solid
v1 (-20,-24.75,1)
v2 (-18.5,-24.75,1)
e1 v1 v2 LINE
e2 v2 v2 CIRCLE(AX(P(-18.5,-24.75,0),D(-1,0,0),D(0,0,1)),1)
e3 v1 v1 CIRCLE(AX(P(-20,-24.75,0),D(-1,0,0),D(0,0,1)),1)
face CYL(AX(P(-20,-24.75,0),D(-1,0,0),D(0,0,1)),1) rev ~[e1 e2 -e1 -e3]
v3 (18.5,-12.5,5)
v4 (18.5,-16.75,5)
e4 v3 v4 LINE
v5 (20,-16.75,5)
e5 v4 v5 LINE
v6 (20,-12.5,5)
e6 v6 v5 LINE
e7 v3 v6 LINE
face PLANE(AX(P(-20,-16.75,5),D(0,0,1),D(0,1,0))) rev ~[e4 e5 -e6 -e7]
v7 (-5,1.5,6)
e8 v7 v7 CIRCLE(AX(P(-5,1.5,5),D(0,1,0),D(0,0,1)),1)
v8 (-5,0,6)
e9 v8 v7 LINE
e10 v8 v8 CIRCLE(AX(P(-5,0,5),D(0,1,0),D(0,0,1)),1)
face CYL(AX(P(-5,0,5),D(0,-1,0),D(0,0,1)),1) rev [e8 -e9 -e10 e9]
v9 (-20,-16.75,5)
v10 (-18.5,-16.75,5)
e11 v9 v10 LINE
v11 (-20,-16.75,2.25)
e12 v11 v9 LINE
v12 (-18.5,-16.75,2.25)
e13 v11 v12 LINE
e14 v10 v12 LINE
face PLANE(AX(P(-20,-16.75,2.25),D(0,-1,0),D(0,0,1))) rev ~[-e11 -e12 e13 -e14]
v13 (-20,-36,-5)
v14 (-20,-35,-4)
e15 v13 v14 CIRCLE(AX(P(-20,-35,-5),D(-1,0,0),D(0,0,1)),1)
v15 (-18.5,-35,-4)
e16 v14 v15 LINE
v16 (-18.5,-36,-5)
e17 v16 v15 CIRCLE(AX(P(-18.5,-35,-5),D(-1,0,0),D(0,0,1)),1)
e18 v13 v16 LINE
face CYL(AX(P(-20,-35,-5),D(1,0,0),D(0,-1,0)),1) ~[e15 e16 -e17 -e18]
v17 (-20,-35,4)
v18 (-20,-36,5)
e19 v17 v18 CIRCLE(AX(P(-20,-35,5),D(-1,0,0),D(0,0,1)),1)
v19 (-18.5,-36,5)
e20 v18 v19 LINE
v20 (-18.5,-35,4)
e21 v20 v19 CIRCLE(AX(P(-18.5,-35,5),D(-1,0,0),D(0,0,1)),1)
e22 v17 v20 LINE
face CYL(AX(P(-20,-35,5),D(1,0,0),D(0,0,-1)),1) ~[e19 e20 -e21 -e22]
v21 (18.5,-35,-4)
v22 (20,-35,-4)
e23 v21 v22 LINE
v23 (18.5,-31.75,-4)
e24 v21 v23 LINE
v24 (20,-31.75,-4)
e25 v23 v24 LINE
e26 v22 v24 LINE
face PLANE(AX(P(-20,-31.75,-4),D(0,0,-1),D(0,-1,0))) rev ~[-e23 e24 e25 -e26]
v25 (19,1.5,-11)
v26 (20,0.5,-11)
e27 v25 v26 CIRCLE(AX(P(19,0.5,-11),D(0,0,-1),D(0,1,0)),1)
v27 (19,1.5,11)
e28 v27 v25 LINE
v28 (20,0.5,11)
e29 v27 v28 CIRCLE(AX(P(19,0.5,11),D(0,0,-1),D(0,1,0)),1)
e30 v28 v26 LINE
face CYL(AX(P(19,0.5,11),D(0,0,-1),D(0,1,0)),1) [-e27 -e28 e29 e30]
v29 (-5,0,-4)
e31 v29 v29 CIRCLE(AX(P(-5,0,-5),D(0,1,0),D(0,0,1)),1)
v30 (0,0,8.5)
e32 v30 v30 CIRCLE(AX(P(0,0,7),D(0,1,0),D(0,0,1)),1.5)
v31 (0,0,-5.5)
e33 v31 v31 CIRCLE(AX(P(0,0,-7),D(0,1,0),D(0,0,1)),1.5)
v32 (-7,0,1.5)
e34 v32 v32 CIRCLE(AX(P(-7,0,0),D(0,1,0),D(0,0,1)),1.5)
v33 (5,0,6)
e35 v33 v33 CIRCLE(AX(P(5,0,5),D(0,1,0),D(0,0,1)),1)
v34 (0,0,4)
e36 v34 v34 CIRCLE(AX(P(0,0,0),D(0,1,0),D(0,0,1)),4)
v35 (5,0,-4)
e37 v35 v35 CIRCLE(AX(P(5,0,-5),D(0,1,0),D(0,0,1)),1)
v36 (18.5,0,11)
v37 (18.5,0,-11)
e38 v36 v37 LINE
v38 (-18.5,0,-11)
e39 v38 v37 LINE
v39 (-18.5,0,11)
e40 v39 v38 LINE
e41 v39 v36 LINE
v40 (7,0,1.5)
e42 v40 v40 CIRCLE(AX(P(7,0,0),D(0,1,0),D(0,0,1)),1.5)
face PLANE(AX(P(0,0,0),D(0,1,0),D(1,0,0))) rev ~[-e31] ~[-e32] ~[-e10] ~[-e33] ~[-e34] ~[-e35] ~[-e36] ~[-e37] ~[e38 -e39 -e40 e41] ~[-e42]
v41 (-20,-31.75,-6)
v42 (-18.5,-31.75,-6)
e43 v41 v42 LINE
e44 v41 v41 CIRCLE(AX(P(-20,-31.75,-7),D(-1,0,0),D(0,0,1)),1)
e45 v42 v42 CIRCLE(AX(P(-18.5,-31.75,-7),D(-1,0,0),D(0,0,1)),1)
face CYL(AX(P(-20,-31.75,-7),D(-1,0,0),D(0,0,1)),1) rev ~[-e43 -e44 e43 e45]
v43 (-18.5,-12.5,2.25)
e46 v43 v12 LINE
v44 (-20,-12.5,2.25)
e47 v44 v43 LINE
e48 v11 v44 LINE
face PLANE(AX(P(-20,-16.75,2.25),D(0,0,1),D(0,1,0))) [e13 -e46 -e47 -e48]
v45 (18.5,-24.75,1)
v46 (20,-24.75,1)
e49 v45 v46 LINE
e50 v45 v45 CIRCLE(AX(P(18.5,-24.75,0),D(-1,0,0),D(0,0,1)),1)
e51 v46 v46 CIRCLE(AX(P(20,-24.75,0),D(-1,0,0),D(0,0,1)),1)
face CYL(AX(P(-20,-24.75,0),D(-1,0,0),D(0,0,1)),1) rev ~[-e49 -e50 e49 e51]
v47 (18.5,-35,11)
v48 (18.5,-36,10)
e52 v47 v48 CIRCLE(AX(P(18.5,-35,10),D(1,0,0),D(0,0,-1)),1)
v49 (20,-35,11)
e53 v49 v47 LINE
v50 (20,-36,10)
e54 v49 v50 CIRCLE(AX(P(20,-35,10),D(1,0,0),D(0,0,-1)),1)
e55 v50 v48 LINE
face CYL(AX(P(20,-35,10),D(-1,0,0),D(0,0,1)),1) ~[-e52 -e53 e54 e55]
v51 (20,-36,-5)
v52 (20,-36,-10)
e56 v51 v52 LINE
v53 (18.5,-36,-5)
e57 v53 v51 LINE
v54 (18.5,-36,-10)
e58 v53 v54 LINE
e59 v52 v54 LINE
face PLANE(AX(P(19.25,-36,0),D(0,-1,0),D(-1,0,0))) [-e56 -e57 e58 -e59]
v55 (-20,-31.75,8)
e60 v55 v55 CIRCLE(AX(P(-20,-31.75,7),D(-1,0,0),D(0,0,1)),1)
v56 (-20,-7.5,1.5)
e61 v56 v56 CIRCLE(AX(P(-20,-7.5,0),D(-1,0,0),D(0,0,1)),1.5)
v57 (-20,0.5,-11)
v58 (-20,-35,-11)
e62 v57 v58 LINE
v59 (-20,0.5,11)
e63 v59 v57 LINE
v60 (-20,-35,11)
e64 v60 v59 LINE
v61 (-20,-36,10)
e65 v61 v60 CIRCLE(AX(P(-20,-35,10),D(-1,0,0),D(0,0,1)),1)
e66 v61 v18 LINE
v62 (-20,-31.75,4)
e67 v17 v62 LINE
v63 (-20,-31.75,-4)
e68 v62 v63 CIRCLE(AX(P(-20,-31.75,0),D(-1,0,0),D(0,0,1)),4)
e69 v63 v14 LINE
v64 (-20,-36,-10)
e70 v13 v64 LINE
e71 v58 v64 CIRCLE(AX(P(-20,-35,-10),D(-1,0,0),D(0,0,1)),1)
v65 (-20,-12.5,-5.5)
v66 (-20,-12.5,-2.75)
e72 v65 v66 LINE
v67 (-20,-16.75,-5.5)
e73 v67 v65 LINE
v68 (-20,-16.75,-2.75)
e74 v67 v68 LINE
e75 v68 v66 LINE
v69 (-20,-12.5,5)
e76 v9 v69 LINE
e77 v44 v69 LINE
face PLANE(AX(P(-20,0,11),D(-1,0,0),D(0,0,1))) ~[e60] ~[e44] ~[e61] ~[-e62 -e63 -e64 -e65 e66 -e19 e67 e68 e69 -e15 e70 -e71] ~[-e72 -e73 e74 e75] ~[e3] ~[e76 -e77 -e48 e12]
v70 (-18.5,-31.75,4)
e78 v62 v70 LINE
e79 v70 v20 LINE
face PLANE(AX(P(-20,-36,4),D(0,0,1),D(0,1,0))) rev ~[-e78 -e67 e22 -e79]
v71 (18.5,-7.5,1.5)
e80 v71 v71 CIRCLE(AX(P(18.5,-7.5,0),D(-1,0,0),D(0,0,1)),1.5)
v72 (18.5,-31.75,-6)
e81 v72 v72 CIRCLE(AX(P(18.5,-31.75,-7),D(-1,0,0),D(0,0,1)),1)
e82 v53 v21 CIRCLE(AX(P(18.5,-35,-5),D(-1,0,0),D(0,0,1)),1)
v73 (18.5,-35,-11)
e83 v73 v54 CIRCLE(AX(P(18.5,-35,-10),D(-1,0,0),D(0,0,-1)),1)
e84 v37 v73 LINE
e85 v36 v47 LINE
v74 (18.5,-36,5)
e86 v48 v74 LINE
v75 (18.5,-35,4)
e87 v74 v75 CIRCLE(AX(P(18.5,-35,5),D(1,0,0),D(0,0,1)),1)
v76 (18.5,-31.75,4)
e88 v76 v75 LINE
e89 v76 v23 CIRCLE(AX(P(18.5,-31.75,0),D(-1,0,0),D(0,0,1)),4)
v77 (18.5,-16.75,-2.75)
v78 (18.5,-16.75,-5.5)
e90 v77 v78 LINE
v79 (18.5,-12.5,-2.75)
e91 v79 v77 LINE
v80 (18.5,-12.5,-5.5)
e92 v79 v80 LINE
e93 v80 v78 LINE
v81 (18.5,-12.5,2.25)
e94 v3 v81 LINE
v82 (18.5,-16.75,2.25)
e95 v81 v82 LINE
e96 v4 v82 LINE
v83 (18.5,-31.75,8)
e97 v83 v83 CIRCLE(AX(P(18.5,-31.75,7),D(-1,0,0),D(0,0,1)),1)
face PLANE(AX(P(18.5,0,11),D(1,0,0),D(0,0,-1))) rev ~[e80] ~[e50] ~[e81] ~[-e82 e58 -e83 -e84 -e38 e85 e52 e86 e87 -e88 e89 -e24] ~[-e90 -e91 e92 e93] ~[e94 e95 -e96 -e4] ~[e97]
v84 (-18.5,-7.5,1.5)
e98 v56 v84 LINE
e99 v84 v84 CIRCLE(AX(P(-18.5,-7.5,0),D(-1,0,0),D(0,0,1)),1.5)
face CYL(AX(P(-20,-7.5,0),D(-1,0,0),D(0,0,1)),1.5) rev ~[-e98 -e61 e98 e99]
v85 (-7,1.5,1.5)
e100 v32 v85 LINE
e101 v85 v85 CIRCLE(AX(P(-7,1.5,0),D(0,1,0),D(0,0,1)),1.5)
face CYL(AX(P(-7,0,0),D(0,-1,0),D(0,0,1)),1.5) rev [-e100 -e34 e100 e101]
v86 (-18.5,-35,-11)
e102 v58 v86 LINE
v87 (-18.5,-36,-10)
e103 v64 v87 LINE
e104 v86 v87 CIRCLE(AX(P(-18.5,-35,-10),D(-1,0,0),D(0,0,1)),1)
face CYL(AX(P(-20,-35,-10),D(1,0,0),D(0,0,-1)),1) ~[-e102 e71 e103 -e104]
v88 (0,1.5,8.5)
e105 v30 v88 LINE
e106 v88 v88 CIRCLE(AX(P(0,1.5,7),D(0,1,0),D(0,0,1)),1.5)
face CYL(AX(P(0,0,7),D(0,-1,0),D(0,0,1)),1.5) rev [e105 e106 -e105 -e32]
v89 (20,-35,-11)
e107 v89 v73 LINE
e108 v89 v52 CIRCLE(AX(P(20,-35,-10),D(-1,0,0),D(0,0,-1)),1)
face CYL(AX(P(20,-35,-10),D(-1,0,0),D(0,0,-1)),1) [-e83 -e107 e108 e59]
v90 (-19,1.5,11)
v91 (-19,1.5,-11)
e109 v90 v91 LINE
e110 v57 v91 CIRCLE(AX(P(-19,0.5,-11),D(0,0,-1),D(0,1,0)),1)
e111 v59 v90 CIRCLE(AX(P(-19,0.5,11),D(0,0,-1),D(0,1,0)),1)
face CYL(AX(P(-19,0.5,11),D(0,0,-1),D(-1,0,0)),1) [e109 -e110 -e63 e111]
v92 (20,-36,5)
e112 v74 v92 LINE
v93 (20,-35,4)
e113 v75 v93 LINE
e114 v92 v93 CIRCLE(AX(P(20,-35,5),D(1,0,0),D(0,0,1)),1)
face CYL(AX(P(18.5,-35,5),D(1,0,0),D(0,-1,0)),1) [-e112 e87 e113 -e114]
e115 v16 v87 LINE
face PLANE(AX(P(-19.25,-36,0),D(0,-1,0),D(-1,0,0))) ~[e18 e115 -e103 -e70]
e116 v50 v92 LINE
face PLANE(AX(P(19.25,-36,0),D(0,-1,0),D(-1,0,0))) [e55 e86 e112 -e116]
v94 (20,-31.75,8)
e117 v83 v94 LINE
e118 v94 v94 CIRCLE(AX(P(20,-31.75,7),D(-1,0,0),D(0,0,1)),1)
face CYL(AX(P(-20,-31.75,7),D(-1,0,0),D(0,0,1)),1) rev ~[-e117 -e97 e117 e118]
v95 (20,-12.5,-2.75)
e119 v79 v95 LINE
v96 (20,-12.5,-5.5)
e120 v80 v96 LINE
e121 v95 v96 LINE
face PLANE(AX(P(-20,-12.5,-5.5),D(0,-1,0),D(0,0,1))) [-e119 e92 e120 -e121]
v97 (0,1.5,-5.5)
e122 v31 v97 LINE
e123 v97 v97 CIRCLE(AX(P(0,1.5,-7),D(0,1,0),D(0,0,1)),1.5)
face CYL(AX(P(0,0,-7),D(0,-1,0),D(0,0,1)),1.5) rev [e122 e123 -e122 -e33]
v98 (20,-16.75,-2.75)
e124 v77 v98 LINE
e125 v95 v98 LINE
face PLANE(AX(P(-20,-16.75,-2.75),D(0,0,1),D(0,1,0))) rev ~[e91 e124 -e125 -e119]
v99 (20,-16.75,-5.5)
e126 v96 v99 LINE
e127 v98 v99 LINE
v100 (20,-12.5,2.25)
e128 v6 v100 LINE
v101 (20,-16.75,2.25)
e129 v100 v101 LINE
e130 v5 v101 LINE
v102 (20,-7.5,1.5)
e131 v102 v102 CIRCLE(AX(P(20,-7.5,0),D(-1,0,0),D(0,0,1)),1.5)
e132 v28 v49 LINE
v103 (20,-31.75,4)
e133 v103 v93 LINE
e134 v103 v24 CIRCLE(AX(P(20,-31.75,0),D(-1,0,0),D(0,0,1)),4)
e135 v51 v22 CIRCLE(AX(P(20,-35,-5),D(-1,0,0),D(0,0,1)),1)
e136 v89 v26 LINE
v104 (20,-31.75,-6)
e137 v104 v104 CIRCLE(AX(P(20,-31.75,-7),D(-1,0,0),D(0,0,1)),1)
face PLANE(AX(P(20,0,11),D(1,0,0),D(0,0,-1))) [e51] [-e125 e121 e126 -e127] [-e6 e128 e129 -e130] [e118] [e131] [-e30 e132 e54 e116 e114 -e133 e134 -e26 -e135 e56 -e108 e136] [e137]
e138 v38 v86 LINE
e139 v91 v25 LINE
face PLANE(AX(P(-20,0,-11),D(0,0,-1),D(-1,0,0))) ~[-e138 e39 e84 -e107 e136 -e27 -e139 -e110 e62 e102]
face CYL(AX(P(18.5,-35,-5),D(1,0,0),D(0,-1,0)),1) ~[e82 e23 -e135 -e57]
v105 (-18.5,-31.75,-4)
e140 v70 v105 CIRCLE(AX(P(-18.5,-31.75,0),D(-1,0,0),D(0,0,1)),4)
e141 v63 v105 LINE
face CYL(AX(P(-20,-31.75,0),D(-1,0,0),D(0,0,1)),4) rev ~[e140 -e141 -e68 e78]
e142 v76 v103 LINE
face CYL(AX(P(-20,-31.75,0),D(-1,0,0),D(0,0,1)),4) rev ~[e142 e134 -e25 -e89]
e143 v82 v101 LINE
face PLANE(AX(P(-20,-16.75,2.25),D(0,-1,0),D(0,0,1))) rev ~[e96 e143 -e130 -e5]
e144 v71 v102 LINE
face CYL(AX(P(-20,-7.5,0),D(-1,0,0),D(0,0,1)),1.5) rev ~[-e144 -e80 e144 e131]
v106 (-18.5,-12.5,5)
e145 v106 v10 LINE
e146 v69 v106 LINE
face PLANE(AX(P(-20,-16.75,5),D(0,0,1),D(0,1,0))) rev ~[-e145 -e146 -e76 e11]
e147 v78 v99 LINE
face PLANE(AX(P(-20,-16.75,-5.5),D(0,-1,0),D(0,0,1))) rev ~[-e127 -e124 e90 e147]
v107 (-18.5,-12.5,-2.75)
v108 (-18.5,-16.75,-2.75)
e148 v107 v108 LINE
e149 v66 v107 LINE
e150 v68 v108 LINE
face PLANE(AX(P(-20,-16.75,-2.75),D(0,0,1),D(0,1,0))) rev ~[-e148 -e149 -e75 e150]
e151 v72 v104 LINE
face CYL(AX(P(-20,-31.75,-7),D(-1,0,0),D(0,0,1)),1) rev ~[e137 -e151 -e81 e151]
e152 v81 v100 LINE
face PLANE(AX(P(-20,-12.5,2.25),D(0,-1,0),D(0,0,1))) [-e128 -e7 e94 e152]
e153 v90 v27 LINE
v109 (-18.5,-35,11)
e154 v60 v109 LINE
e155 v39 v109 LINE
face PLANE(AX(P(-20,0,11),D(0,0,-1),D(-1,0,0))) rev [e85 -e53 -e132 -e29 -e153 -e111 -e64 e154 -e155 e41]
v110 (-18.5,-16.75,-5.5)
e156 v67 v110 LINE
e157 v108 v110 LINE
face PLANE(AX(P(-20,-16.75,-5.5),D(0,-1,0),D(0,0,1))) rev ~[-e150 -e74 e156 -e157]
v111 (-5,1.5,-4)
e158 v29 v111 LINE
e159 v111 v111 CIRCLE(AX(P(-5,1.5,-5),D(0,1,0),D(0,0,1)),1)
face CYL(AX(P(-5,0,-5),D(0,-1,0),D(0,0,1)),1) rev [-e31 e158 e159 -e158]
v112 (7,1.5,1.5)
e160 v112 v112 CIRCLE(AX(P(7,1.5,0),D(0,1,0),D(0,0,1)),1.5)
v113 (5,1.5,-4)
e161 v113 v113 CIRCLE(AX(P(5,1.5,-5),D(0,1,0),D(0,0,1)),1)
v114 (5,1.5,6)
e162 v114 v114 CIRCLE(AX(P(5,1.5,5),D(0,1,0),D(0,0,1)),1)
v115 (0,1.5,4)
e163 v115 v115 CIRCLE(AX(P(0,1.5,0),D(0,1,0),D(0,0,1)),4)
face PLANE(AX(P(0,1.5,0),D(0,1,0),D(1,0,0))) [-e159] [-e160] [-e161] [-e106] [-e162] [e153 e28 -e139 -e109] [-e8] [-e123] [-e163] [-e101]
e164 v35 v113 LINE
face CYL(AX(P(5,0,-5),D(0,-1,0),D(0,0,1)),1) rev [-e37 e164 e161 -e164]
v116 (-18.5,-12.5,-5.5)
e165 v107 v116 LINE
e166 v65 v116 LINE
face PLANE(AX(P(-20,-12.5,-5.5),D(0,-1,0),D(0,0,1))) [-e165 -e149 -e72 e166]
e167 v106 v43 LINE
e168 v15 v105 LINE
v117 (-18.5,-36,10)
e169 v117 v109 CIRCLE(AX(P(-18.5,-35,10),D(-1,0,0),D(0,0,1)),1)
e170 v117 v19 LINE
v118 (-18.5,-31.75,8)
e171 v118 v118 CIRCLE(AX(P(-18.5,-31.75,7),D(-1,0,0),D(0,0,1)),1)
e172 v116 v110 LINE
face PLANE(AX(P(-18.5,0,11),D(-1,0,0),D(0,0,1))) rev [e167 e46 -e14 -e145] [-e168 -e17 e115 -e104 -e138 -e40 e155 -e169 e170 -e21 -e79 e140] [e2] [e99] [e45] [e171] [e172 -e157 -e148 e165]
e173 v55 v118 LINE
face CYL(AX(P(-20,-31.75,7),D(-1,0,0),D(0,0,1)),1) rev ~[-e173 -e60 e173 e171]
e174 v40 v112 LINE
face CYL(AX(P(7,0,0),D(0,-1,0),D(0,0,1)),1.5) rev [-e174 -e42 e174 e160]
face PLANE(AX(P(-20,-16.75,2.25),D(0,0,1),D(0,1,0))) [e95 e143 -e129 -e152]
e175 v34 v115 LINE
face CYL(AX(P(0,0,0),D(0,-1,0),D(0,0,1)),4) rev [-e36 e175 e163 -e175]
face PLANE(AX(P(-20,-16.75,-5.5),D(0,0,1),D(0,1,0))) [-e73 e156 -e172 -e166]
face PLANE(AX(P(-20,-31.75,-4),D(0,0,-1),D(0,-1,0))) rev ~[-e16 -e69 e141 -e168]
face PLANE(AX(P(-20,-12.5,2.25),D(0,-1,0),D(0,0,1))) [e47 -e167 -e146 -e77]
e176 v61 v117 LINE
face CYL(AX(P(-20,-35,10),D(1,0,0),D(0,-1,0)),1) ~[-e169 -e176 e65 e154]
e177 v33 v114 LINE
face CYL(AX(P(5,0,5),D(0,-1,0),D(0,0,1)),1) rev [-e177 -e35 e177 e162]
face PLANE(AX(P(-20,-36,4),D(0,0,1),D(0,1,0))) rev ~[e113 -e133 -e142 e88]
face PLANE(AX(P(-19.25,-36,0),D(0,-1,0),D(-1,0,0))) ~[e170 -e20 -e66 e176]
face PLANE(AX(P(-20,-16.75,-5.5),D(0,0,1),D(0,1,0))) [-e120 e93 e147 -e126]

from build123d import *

# Parameters (mm, degrees)
SKETCH1_W           = 40
SKETCH1_H           = 22
SKETCH1_R           = 4
SKETCH1_R_2         = 1.5
SKETCH1_R_3         = 1
BOSS_EXTRUDE1_DEPTH = 1.5
SKETCH2_W           = 1.5
SKETCH2_H           = 22
BOSS_EXTRUDE2_DEPTH = 36
FILLET1_R           = 1
SKETCH3_R           = 1.5
SKETCH3_R_2         = 1
SKETCH3_W           = 2.75
SKETCH3_H           = 4.25
CUT_EXTRUDE1_DEPTH  = 55.927224579
FILLET2_R           = 1


with BuildPart() as part:
    # Sketch1 → Boss-Extrude1 (new body)
    with BuildSketch(Plane(origin=(0, 0, 0), x_dir=(1, 0, 0), z_dir=(0, 1, 0))):
        Rectangle(SKETCH1_W, SKETCH1_H)
        with Locations(Location((0, 0, 0), (0, 0, 270))):
            Circle(SKETCH1_R, mode=Mode.SUBTRACT)
        with Locations(Location((0, 7, 0), (0, 0, 270))):
            Circle(SKETCH1_R_2, mode=Mode.SUBTRACT)
        with Locations(Location((7, 0, 0), (0, 0, 270))):
            Circle(SKETCH1_R_2, mode=Mode.SUBTRACT)
        with Locations(Location((0, -7, 0), (0, 0, 270))):
            Circle(SKETCH1_R_2, mode=Mode.SUBTRACT)
        with Locations(Location((-7, 0, 0), (0, 0, 270))):
            Circle(SKETCH1_R_2, mode=Mode.SUBTRACT)
        with Locations(Location((5, 5, 0), (0, 0, 270))):
            Circle(SKETCH1_R_3, mode=Mode.SUBTRACT)
        with Locations(Location((5, -5, 0), (0, 0, 270))):
            Circle(SKETCH1_R_3, mode=Mode.SUBTRACT)
        with Locations(Location((-5, -5, 0), (0, 0, 270))):
            Circle(SKETCH1_R_3, mode=Mode.SUBTRACT)
        with Locations(Location((-5, 5, 0), (0, 0, 270))):
            Circle(SKETCH1_R_3, mode=Mode.SUBTRACT)
    extrude(amount=BOSS_EXTRUDE1_DEPTH)

    # Sketch2 → Boss-Extrude2 (add)
    with BuildSketch(Plane(origin=(0, 0, 0), x_dir=(-1, 0, 0), z_dir=(0, -1, 0))):
        with Locations((-19.25, 0)):
            Rectangle(SKETCH2_W, SKETCH2_H)
    boss_extrude2 = extrude(amount=BOSS_EXTRUDE2_DEPTH)

    # Mirror1: Boss-Extrude2 across plane
    add(boss_extrude2.mirror(Plane(origin=(0, 0, 0), x_dir=(0, 0, 1), z_dir=(1, 0, 0))))

    # Fillet1
    fillet1_edges = [part.edges().sort_by_distance(p)[0] for p in [
        (-20, 1.5, 0),
        (20, 1.5, 0),
    ]]
    fillet(fillet1_edges, radius=FILLET1_R)

    # Sketch3 → Cut-Extrude1 (cut, through all)
    with BuildSketch(Plane.ZY.offset(20)):
        with Locations((0, -7.5)):
            Circle(SKETCH3_R)
        with Locations((0, -24.75)):
            Circle(SKETCH3_R_2)
        with Locations((-7, -31.75)):
            Circle(SKETCH3_R_2)
        with Locations((7, -31.75)):
            Circle(SKETCH3_R_2)
        with BuildLine():
            Line((-4, -31.75), (-4, -36))
            Line((-4, -36), (4, -36))
            Line((4, -36), (4, -31.75))
            ThreePointArc((4, -31.75), (0, -27.75), (-4, -31.75))
        make_face()
        with Locations((-4.125, -14.625)):
            Rectangle(SKETCH3_W, SKETCH3_H)
        with Locations((3.625, -14.625)):
            Rectangle(SKETCH3_W, SKETCH3_H)
    extrude(amount=-CUT_EXTRUDE1_DEPTH, mode=Mode.SUBTRACT)

    # Fillet2
    fillet2_edges = [part.edges().sort_by_distance(p)[0] for p in [
        (-19.25, -36, -4),
        (-19.25, -36, 4),
        (19.25, -36, 4),
        (19.25, -36, -4),
        (19.25, -36, 11),
        (19.25, -36, -11),
        (-19.25, -36, -11),
        (-19.25, -36, 11),
    ]]
    fillet(fillet2_edges, radius=FILLET2_R)


solid = part.part
